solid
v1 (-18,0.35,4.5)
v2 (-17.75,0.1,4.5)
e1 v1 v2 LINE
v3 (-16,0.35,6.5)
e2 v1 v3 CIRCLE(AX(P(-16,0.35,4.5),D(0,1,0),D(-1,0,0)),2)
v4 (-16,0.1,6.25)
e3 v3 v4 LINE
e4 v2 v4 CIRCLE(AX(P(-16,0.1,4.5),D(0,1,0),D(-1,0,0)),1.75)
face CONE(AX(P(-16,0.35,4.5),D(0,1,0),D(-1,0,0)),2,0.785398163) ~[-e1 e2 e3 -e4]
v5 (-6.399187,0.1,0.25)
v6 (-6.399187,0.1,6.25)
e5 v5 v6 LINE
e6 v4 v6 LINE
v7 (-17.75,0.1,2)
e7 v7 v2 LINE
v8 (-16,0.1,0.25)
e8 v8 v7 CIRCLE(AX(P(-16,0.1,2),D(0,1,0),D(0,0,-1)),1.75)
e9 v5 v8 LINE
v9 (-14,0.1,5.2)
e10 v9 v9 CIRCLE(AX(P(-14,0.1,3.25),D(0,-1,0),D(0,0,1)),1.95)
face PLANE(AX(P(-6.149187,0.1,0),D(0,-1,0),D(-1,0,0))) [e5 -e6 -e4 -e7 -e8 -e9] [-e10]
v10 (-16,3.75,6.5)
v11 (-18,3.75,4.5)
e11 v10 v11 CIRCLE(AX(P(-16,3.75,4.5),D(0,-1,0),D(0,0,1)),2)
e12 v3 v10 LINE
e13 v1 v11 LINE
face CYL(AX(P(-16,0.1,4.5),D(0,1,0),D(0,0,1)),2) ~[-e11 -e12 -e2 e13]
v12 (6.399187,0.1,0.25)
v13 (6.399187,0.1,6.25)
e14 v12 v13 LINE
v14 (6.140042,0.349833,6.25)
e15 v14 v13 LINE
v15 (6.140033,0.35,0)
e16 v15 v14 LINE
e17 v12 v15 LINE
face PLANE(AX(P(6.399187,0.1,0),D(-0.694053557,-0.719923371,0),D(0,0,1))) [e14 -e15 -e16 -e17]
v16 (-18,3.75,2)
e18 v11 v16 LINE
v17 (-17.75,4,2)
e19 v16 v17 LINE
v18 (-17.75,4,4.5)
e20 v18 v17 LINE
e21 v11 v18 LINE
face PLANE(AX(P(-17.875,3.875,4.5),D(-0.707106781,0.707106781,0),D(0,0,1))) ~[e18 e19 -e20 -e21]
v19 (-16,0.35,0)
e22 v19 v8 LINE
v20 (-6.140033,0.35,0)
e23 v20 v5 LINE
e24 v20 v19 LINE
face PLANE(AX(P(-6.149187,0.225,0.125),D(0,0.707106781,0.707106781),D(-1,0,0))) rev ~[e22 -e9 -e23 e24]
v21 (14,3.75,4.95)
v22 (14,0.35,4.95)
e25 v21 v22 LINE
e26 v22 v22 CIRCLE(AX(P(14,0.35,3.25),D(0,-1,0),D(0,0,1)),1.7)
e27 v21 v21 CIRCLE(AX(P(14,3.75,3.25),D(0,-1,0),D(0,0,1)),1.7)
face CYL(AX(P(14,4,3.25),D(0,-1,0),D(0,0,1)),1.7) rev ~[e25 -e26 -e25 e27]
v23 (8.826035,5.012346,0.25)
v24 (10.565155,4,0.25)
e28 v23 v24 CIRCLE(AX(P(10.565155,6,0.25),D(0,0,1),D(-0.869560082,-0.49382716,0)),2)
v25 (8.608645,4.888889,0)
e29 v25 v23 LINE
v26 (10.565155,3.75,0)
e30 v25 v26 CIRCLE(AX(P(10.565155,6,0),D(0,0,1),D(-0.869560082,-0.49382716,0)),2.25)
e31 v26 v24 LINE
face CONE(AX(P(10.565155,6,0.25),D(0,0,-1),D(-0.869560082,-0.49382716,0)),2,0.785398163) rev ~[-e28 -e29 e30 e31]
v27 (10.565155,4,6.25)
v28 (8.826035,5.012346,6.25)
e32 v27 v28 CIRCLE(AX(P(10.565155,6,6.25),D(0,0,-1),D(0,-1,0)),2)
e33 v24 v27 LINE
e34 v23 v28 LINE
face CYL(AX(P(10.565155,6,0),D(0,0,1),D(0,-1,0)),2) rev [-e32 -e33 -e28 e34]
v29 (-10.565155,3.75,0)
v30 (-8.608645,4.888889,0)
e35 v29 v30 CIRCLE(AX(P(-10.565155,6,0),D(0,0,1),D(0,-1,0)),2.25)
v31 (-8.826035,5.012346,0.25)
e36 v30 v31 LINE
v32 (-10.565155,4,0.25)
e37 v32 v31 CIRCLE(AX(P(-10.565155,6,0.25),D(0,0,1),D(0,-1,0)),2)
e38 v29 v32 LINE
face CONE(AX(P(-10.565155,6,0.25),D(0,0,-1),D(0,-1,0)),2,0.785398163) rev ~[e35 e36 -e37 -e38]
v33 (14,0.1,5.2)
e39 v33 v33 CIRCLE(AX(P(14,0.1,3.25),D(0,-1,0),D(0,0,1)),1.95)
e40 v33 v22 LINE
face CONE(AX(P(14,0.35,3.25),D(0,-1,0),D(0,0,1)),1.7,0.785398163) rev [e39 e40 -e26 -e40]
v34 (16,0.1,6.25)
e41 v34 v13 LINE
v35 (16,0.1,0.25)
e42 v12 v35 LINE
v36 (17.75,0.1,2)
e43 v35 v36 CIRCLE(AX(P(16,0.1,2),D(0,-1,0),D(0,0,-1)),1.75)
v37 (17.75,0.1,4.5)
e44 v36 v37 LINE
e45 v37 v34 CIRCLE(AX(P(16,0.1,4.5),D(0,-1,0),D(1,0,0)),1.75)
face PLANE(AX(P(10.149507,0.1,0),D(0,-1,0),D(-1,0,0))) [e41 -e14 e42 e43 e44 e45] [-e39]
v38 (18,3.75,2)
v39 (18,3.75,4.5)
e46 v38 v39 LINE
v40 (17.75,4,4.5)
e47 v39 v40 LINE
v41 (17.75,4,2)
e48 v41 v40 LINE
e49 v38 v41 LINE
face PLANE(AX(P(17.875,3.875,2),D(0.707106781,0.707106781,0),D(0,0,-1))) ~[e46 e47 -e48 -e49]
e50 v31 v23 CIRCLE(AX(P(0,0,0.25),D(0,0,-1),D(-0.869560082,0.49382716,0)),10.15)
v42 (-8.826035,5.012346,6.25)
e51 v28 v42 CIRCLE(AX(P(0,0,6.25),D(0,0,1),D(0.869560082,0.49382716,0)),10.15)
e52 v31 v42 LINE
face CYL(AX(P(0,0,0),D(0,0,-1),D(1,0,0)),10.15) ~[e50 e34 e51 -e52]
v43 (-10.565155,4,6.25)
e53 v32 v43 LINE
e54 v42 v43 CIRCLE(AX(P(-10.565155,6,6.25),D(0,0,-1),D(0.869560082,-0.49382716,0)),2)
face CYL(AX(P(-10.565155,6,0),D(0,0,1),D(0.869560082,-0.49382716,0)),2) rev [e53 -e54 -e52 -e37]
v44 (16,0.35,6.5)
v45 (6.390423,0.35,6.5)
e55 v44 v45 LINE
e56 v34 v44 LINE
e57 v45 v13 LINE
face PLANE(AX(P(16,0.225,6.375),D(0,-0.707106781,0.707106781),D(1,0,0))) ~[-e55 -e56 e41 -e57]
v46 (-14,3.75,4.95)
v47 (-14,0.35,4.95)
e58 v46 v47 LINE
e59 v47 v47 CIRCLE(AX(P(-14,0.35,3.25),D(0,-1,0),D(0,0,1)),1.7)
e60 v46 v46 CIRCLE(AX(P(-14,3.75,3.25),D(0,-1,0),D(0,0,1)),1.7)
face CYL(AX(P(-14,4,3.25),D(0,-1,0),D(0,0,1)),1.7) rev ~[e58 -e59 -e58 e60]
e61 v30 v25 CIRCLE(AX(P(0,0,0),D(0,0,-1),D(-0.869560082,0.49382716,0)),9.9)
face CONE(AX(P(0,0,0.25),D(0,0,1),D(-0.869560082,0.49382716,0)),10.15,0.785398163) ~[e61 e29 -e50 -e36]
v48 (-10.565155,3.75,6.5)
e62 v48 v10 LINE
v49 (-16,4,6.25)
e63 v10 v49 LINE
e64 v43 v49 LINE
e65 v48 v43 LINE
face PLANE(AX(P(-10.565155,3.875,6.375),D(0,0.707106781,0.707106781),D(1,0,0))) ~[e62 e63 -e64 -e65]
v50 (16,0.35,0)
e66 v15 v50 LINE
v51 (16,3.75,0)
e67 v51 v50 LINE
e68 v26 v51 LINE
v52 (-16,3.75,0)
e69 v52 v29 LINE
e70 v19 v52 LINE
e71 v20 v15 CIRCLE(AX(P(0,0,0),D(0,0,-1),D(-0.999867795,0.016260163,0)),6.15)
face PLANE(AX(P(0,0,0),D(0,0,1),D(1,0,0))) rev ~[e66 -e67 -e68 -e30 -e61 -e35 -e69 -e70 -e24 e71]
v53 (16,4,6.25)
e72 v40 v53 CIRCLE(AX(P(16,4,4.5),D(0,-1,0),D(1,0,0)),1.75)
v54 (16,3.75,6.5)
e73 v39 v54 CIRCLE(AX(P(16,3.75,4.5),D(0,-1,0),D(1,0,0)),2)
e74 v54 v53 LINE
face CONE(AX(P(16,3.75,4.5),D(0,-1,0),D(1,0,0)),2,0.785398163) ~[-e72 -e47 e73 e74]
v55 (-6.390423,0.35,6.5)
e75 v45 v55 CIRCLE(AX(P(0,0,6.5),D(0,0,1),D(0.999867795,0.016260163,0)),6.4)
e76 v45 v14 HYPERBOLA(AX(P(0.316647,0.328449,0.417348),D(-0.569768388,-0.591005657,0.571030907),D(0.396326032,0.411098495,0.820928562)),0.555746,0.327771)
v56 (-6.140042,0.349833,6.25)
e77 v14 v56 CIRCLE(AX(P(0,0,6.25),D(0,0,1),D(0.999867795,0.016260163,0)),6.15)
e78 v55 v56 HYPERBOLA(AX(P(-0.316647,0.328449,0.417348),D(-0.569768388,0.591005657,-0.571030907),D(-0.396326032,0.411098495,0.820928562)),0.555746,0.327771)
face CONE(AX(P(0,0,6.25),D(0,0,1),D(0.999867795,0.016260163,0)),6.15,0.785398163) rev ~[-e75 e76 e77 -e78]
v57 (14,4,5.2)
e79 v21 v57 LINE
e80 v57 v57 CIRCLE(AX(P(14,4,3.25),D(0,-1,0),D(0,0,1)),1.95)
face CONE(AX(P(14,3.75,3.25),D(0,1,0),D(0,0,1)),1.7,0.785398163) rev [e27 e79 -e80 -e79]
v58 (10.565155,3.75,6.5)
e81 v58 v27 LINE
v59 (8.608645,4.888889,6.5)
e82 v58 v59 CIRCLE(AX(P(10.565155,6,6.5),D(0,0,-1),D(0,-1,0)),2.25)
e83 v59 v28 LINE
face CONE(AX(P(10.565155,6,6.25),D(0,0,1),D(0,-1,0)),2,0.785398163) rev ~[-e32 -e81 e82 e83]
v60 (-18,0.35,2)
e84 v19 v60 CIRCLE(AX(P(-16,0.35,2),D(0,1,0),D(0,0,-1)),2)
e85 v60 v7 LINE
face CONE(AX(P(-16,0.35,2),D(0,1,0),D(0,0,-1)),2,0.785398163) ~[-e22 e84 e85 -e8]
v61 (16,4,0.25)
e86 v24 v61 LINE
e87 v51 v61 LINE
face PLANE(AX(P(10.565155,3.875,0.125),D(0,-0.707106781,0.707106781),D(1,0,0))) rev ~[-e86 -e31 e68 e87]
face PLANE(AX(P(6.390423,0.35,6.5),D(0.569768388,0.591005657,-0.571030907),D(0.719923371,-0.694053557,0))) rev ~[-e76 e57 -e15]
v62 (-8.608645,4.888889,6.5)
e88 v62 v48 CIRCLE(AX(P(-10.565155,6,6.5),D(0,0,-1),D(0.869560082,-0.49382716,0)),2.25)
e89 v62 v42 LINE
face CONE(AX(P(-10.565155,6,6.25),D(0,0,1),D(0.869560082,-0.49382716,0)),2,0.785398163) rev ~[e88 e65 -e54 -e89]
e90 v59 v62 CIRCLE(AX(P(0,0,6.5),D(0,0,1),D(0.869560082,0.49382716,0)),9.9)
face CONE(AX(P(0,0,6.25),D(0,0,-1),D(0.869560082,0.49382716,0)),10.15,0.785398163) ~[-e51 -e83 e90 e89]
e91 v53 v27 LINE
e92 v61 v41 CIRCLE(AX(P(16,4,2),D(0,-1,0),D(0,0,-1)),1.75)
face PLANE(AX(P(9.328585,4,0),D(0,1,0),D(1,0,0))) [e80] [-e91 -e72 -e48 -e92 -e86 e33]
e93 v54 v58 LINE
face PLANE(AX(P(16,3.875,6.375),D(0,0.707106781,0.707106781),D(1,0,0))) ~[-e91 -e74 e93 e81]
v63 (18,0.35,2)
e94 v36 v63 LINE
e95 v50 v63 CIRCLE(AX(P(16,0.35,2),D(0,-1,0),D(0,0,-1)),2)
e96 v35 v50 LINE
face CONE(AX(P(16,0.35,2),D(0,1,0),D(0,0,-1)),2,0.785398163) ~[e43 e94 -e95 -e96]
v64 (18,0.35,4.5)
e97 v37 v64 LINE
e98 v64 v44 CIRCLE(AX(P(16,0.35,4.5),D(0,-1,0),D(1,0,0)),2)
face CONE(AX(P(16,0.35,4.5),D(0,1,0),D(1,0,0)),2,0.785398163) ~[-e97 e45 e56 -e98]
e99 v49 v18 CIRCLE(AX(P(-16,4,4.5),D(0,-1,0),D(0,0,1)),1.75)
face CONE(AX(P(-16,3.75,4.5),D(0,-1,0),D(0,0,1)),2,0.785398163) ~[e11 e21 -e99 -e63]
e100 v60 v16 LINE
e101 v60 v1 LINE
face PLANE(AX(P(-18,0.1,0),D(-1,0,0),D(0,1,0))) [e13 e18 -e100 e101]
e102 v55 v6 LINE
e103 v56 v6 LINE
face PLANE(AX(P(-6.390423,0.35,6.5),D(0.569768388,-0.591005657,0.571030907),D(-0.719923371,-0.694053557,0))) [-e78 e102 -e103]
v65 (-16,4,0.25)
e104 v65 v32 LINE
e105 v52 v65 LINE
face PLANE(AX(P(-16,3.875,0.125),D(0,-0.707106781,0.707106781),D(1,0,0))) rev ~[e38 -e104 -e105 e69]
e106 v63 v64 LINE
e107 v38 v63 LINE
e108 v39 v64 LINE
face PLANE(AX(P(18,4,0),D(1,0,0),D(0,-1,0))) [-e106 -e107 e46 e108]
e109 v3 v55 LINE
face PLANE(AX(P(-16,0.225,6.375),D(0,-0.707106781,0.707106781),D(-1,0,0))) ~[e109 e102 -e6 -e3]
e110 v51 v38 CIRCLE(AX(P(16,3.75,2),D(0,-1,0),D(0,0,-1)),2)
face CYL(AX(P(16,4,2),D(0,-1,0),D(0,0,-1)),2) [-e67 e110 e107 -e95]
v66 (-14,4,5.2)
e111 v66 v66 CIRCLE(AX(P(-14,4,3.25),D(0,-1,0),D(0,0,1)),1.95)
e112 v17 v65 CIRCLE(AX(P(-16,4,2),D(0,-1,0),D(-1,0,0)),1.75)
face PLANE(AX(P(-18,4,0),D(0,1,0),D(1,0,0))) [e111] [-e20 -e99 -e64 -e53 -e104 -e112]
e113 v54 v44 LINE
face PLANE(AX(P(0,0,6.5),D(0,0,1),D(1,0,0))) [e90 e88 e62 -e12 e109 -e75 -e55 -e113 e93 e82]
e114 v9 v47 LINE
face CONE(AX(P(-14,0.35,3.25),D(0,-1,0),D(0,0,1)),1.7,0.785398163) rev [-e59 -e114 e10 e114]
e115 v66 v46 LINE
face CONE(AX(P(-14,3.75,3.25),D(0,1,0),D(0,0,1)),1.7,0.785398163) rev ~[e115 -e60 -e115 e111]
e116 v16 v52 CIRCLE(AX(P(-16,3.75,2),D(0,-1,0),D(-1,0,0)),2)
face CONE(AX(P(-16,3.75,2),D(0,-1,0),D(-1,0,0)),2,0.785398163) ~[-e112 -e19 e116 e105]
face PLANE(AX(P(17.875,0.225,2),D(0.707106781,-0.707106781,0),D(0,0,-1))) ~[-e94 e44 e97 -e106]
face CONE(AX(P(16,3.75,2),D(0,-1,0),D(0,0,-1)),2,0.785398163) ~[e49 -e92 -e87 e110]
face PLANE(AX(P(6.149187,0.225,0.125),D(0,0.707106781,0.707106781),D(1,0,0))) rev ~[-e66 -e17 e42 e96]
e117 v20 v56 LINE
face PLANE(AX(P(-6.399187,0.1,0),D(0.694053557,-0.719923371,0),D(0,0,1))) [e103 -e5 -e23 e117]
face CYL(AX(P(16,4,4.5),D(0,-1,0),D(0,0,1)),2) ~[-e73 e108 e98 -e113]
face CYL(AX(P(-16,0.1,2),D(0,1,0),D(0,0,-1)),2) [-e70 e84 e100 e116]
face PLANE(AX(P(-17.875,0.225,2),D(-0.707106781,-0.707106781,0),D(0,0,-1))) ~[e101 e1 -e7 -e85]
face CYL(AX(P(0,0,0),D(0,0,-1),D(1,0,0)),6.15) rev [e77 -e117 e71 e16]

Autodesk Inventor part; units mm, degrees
ref_plane "YZ Plane" through (0, 0, 0) normal (1, 0, 0) x (0, 1, 0)
ref_plane "XZ Plane" through (0, 0, 0) normal (0, 1, 0) x (-1, 0, 0)
ref_plane "XY Plane" through (0, 0, 0) normal (0, 0, 1) x (1, 0, 0)
sketch "Sketch1" plane through (0, 0, 0) normal (0, 0, 1) x (1, 0, 0)
  circle A0 centre (0, 0) radius 6.15
  line L0 (-31.1793, -0.1) -> (31.1793, -0.1)
  line L1 (31.1793, -0.1) -> (31.1793, 0.1)
  line L2 (31.1793, 0.1) -> (-31.1793, 0.1)
  line L3 (-31.1793, 0.1) -> (-31.1793, -0.1)
  line L4 (-31.1793, -0.1) -> (31.1793, 0.1) construction
  line L5 (31.1793, -0.1) -> (-31.1793, 0.1) construction
  line L6 (-18, 4) -> (18, 4)
  line L7 (18, 4) -> (18, 0)
  line L8 (18, 0) -> (-18, 0)
  line L9 (-18, 0) -> (-18, 4)
  circle A1 centre (0, 0) radius 10.15
  line L10 (0, 0) -> (0, 10.15) construction
  line L11 (-14, 0) -> (14, 0) construction
  point P0 (0, 6.15)
  point P1 (18, 0.1)
  point P2 (9.3286, 4)
  point P3 (-9.3286, 4)
  point P4 (-18, 0.1)
  point P5 (-6.1492, 0.1)
  point P6 (6.1492, 0.1)
  dimension "d0" = 12.3
  dimension "d1" = 0.2
  dimension "d2" = 4
  dimension "d3" = 4
  dimension "d6" = 28
  dimension "d7" = 4
extrude "Extrusion1" add sketch "Sketch1" along normal blind 6.5 contours A0 L6 A1 L2 | A0 L6 A1 | A1 L6 L7 L2 | L2 A1 L6 A0 | L2 L9 L6 A1
sketch "Sketch2" plane through (9.3286, 4, 0) normal (0, 1, 0) x (1, 0, 0)
  line L0 (-18.6572, 0) -> (-18.6572, -6.5) construction
  line L1 (0, 0) -> (0, -6.5) construction
  line L2 (0, -3.25) -> (4.6714, -3.25) construction
  line L3 (-18.6572, -3.25) -> (-23.3286, -3.25) construction
  point P0 (-9.3286, 0)
  dimension "d8" = 28
hole "Hole1" at (-14, 4, 3.25) at (14, 4, 3.25) direction (0, -1, 0) diameter 3.4 depth 8 clearance for "Flat Head Machine Screw" size "M3" standard "Ansi Metric M Profile"
fillet "Fillet1" radius 2 6 edges at (-18, 2.05, 0) (-18, 2.05, 6.5) (18, 2.05, 0) (18, 2.05, 6.5) (9.3286, 4, 3.25) (-9.3286, 4, 3.25)
chamfer "Chamfer1" distance 0.25 angle 45 33 edges at (0, 10.15, 6.5) (-9.559, 4.2715, 6.5) (-13.2826, 4, 6.5) (-17.4142, 4, 5.9142) (-18, 4, 3.25) (-17.4142, 4, 0.5858) (-13.2826, 4, 0) (-9.559, 4.2715, 0) (0, 10.15, 0) (9.559, 4.2715, 0) (13.2826, 4, 0) (17.4142, 4, 0.5858) (18, 4, 3.25) (17.4142, 4, 5.9142) (13.2826, 4, 6.5) (9.559, 4.2715, 6.5) (0, 6.15, 6.5) (-11.0746, 0.1, 6.5) (-17.4142, 0.1, 5.9142) (-18, 0.1, 3.25) (-17.4142, 0.1, 0.5858) (-11.0746, 0.1, 0) (11.0746, 0.1, 6.5) (17.4142, 0.1, 5.9142) (18, 0.1, 3.25) (17.4142, 0.1, 0.5858) (11.0746, 0.1, 0) (6.1492, 0.1, 3.25) (-6.1492, 0.1, 3.25) (14, 4, 1.55) (-14, 4, 1.55) (14, 0.1, 1.55) (-14, 0.1, 1.55)
properties part number "Idler-Clamp"
